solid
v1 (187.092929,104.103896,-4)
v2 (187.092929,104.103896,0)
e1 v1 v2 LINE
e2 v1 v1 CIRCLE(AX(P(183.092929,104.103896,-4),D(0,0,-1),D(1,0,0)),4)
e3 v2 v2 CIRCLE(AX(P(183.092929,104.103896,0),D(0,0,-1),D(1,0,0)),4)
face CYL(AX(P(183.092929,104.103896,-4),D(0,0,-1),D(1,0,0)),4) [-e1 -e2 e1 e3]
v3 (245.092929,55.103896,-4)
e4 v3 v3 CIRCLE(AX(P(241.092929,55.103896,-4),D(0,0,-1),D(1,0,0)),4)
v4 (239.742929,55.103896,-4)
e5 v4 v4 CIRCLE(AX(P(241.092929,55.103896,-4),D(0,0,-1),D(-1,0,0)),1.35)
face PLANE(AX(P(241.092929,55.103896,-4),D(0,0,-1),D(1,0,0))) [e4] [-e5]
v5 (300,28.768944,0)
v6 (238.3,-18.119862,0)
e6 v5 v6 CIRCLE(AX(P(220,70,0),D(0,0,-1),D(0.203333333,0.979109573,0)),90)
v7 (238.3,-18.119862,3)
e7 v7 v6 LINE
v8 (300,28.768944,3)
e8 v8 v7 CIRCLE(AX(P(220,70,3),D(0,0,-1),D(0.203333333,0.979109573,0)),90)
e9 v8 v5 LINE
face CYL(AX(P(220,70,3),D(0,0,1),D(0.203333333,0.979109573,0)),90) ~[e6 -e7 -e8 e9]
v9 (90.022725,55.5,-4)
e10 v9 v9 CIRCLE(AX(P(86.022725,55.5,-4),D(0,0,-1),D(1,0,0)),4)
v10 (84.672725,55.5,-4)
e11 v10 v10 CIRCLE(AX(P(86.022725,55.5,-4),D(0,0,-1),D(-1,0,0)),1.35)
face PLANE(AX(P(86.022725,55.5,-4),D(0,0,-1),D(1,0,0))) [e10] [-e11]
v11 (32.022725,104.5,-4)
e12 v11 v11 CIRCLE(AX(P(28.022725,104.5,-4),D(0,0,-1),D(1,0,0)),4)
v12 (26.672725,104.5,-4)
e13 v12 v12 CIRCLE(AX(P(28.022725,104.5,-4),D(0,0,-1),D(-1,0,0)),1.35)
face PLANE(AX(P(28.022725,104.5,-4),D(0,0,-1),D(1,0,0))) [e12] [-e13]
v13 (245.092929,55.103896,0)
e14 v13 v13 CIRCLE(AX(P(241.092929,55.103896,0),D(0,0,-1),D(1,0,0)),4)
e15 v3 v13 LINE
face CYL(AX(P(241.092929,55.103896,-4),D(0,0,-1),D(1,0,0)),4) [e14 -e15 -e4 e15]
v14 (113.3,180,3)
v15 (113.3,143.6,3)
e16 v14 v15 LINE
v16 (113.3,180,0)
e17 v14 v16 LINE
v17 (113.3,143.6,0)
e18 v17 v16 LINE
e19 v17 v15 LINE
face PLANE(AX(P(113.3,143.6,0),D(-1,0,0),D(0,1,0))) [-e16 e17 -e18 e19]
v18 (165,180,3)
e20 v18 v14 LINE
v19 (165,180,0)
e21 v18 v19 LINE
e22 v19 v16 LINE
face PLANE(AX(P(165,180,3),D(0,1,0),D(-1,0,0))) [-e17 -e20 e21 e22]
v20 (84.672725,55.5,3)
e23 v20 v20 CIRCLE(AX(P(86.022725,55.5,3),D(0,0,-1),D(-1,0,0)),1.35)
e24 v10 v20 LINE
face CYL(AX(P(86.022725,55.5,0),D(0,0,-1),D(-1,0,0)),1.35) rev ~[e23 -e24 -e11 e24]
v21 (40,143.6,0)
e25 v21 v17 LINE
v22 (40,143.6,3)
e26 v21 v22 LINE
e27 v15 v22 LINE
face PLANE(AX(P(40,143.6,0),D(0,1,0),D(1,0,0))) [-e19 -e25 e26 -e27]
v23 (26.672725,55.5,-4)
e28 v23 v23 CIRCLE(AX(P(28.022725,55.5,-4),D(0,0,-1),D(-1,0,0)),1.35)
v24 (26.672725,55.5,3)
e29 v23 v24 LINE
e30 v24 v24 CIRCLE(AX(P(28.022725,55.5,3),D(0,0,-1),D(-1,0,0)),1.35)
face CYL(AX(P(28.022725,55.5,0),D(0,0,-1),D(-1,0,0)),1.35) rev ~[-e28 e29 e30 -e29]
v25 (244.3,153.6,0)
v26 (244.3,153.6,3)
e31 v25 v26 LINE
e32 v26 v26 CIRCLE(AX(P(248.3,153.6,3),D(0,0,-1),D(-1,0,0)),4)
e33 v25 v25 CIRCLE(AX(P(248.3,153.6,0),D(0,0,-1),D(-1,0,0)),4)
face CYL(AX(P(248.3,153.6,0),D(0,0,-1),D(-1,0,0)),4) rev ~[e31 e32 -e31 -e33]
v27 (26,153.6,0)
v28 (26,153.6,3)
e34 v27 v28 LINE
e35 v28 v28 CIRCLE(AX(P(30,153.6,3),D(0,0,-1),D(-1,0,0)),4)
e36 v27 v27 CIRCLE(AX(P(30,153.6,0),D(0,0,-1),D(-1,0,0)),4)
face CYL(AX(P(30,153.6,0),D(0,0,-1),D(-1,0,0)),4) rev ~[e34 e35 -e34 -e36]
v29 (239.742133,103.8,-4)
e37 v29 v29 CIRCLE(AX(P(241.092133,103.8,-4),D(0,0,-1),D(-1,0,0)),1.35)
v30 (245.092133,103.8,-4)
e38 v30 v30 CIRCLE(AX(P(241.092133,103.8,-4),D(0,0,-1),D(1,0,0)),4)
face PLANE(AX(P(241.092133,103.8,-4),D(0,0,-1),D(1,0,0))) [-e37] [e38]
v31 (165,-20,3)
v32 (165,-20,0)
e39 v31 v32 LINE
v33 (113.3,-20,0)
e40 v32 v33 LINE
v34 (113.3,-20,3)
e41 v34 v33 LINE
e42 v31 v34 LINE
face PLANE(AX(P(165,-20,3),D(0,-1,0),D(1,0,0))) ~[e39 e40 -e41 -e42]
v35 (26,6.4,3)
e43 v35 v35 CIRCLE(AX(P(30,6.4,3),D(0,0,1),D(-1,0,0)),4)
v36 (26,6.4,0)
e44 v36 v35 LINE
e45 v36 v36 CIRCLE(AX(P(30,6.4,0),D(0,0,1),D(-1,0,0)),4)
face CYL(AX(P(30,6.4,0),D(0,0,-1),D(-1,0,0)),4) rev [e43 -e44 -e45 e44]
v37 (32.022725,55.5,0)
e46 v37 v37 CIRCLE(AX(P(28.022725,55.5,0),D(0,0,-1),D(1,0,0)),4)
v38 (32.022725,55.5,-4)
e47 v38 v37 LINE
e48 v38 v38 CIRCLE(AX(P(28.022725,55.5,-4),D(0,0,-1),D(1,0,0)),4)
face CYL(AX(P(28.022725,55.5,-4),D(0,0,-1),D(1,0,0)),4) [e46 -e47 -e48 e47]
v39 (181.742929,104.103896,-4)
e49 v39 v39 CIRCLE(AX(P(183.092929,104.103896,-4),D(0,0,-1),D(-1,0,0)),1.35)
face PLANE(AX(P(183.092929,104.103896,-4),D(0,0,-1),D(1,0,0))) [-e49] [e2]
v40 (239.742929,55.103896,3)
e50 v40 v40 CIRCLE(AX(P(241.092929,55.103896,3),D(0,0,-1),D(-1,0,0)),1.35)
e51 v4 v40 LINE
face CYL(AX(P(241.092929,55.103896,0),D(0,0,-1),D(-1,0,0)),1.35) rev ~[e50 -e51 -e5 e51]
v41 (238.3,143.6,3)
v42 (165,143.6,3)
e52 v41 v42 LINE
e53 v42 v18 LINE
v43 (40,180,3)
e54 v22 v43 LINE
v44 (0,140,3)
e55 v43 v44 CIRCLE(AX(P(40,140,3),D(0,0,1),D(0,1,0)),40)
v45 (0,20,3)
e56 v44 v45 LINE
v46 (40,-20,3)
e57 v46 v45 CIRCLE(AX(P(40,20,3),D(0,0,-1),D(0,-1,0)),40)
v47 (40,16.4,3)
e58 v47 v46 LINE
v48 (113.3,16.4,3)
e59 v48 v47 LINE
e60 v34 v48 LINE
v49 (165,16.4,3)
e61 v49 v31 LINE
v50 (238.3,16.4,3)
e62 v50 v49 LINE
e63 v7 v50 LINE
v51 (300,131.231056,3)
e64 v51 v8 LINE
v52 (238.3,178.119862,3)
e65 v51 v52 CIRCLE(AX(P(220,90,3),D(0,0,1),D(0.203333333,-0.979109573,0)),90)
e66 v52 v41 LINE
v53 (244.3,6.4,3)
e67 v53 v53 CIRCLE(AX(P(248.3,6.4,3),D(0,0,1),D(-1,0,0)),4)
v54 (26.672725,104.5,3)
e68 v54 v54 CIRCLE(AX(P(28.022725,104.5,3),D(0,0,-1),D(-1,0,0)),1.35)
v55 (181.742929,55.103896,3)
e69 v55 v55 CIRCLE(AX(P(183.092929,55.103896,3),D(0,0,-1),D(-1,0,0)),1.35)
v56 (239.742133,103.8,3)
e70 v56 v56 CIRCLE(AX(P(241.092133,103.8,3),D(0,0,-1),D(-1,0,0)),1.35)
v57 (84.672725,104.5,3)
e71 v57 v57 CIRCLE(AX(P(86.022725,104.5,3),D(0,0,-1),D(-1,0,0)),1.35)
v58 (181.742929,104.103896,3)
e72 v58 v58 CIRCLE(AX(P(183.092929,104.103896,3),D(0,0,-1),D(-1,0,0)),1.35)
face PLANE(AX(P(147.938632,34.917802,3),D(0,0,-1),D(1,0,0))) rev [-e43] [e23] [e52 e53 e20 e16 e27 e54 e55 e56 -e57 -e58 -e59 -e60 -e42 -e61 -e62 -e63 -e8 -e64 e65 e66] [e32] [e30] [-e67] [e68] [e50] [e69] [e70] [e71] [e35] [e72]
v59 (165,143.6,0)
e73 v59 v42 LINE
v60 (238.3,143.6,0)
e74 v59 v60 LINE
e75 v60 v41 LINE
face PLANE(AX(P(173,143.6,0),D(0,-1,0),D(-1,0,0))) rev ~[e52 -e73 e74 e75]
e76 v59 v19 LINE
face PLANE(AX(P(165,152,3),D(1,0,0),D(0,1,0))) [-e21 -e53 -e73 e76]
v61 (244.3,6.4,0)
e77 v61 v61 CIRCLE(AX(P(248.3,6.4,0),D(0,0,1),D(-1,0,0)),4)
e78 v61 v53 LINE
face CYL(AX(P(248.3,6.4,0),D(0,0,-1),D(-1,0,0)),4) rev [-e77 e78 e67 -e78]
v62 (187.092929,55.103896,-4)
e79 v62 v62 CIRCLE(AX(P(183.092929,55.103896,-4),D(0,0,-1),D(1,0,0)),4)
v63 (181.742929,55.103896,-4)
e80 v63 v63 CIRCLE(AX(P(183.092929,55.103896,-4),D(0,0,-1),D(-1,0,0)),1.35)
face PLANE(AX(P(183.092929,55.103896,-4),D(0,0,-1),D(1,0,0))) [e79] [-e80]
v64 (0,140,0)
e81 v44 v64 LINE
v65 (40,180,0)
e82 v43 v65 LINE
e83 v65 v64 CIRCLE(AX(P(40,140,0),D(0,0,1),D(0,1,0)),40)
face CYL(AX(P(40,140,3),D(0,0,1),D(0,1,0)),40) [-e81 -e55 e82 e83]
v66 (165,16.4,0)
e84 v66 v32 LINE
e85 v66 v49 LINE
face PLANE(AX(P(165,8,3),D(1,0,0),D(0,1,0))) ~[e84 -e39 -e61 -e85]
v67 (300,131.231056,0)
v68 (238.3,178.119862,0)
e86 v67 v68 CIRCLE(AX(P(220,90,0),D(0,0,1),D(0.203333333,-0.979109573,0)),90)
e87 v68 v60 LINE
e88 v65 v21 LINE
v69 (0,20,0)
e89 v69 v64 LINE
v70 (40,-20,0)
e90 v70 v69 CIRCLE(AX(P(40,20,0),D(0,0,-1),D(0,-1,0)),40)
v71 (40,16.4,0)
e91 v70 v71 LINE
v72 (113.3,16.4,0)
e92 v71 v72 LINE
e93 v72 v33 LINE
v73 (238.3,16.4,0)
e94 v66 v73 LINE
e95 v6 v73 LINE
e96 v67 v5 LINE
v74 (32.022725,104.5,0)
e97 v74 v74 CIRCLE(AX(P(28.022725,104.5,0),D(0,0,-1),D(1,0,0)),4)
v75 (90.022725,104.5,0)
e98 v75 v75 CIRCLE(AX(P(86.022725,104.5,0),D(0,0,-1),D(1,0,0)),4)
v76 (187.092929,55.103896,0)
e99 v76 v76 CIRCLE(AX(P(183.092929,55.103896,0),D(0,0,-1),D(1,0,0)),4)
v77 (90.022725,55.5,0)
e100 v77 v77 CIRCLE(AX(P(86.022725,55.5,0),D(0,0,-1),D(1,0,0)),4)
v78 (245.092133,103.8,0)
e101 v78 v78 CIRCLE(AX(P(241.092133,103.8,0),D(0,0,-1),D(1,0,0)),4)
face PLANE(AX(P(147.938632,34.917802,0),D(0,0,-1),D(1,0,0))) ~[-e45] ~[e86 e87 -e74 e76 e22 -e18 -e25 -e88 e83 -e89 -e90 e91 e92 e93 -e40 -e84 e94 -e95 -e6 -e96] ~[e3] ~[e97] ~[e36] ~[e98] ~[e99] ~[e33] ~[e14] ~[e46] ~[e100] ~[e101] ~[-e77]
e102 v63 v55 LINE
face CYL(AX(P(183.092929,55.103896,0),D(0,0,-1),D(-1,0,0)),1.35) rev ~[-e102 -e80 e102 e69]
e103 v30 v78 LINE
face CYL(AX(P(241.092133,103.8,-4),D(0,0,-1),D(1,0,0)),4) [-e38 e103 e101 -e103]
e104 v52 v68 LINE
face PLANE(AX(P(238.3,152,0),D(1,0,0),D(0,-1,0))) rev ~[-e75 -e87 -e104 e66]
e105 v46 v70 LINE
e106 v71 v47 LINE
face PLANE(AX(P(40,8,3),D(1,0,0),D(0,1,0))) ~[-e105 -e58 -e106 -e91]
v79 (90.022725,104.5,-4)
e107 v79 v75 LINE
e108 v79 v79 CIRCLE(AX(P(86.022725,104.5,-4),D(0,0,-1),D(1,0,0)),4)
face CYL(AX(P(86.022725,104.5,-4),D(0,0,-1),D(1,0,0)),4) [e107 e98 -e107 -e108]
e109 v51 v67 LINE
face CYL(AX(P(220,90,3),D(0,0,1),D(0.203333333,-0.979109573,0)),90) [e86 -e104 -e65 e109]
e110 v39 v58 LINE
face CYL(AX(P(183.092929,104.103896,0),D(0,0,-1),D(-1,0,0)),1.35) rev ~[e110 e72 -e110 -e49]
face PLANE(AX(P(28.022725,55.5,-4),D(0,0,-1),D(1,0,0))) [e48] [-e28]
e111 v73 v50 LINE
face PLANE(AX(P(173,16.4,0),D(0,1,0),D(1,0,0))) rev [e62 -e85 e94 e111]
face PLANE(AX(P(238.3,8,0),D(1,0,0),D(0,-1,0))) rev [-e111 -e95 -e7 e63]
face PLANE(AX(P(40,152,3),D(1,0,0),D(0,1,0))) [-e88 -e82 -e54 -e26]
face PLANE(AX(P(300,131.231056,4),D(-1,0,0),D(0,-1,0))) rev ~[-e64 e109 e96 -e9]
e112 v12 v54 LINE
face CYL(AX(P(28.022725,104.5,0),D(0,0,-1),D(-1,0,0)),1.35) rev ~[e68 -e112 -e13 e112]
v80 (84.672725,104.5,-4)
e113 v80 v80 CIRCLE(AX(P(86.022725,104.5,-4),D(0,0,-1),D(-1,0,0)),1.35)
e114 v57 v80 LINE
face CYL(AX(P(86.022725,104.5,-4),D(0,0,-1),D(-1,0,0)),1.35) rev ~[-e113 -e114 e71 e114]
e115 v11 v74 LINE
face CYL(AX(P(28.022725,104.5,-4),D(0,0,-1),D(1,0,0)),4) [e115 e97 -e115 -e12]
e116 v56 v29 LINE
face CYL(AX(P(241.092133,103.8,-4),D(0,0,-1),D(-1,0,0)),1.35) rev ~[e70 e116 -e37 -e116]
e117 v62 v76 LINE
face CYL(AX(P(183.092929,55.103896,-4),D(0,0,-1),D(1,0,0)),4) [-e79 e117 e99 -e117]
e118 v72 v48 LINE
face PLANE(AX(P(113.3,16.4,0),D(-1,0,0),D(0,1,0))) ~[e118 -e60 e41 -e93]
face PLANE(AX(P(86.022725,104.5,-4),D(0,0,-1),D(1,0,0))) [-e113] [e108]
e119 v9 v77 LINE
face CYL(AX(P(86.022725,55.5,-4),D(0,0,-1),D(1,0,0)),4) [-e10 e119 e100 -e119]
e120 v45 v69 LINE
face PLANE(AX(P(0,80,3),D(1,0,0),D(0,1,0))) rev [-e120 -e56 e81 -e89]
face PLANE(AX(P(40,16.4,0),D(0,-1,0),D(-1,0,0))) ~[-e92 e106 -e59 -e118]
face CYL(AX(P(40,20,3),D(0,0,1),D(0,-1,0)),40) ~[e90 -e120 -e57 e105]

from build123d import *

# Parameters (mm, degrees)
SKETCH_1_R          = 2
SKETCH_1_W          = 15
SKETCH_1_H          = 3
EXTRUDE_1_DEPTH     = 3
CUT_EXTRUDE_1_REACH = 360.482
SKETCH_2_W          = 15
SKETCH_2_H          = 3
SKETCH_3_R          = 2
EXTRUDE_2_DEPTH     = 3
SKETCH_4_W          = 15
SKETCH_4_H          = 3
CUT_EXTRUDE_2_DEPTH = 10
EXTRUDE_START       = -3
EXTRUDE_3_DEPTH     = 3
SKETCH_10_R         = 4
CUT_EXTRUDE_3_DEPTH = 3
SKETCH_11_R         = 1.35
CUT_EXTRUDE_4_DEPTH = 3
EXTRUDE_START_2     = 4
SKETCH_12_R         = 4
SKETCH_12_R_2       = 1.35
EXTRUDE_4_DEPTH     = 4
SKETCH_13_R         = 1.35
CUT_EXTRUDE_5_DEPTH = 3
SKETCH_14_R         = 4
SKETCH_14_R_2       = 1.35
EXTRUDE_5_DEPTH     = 4
CUT_EXTRUDE_START   = -4
CUT_EXTRUDE_6_DEPTH = 4


with BuildPart() as part:
    # 草图1 → 凸台-拉伸1 (new body)
    with BuildSketch(Plane.XY.offset(3)):
        with BuildLine():
            Line((165, 0), (165, 28))
            Line((165, 28), (173, 28))
            Line((173, 28), (173, 31.7))
            Line((173, 31.7), (188, 31.7))
            Line((188, 31.7), (188, 28))
            Line((188, 28), (238.3, 28))
            Line((238.3, 28), (238.3, 1.880138448))
            ThreePointArc((238.3, 1.880138448), (310, 90), (238.3, 178.119861552))
            Line((238.3, 178.119861552), (238.3, 152))
            Line((238.3, 152), (188, 152))
            Line((188, 152), (188, 148.3))
            Line((188, 148.3), (173, 148.3))
            Line((173, 148.3), (173, 152))
            Line((173, 152), (165, 152))
            Line((165, 152), (165, 180))
            Line((165, 180), (113.3, 180))
            Line((113.3, 180), (113.3, 152))
            Line((113.3, 152), (63, 152))
            Line((63, 152), (63, 148.3))
            Line((63, 148.3), (48, 148.3))
            Line((48, 148.3), (48, 152))
            Line((48, 152), (40, 152))
            Line((40, 152), (40, 180))
            ThreePointArc((40, 180), (11.715728753, 168.284271247), (0, 140))
            Line((0, 140), (0, 40))
            ThreePointArc((0, 40), (11.715728753, 11.715728753), (40, 0))
            Line((40, 0), (40, 28))
            Line((40, 28), (48, 28))
            Line((48, 28), (48, 31.7))
            Line((48, 31.7), (63, 31.7))
            Line((63, 31.7), (63, 28))
            Line((63, 28), (113.3, 28))
            Line((113.3, 28), (113.3, 0))
            Line((113.3, 0), (165, 0))
        make_face()
        with Locations(Location((233.9, 84.9, 0), (0, 0, 180))):
            Circle(SKETCH_1_R, mode=Mode.SUBTRACT)
        with Locations(Location((186.1, 84.9, 0), (0, 0, 180))):
            Circle(SKETCH_1_R, mode=Mode.SUBTRACT)
        with Locations(Location((28, 166, 0), (0, 0, 180))):
            Circle(SKETCH_1_R, mode=Mode.SUBTRACT)
        with Locations(Location((28, 14, 0), (0, 0, 180))):
            Circle(SKETCH_1_R, mode=Mode.SUBTRACT)
        with Locations(Location((248.3, 165.059930776, 0), (0, 0, 180))):
            Circle(SKETCH_1_R, mode=Mode.SUBTRACT)
        with Locations(Location((248.3, 14.940069224, 0), (0, 0, 180))):
            Circle(SKETCH_1_R, mode=Mode.SUBTRACT)
        with Locations(Location((139.15, 14, 0), (0, 0, 180))):
            Circle(SKETCH_1_R, mode=Mode.SUBTRACT)
        with Locations(Location((139.15, 166, 0), (0, 0, 180))):
            Circle(SKETCH_1_R, mode=Mode.SUBTRACT)
        with Locations((55.5, 52)):
            Rectangle(SKETCH_1_W, SKETCH_1_H, mode=Mode.SUBTRACT)
        with Locations((180.5, 52)):
            Rectangle(SKETCH_1_W, SKETCH_1_H, mode=Mode.SUBTRACT)
        with Locations((180.5, 128)):
            Rectangle(SKETCH_1_W, SKETCH_1_H, mode=Mode.SUBTRACT)
        with Locations((55.5, 128)):
            Rectangle(SKETCH_1_W, SKETCH_1_H, mode=Mode.SUBTRACT)
    extrude(amount=-EXTRUDE_1_DEPTH)

    # 草图2 → 切除-拉伸1 (cut, up to next)
    with BuildSketch(Plane(origin=(0, 0, 0), x_dir=(-1, 0, 0), z_dir=(0, 0, -1)), mode=Mode.PRIVATE) as cut_extrude_1_sk1:
        with Locations((-55.280073226, 119.6)):
            Rectangle(SKETCH_2_W, SKETCH_2_H)
    cut_extrude_1_tool1 = extrude(cut_extrude_1_sk1.sketch, amount=-CUT_EXTRUDE_1_REACH, mode=Mode.PRIVATE) & part.part
    # 草图2 → 切除-拉伸1 (cut, up to next)
    with BuildSketch(Plane(origin=(0, 0, 0), x_dir=(-1, 0, 0), z_dir=(0, 0, -1)), mode=Mode.PRIVATE) as cut_extrude_1_sk2:
        Polygon((-48, 152), (-40, 152), (-40, 143.6), (-48, 143.6), (-48, 139.9), (-63, 139.9), (-63, 143.6), (-113.3, 143.6), (-113.3, 152), (-63, 152), (-63, 148.3), (-48, 148.3), align=None)
    cut_extrude_1_tool2 = extrude(cut_extrude_1_sk2.sketch, amount=-CUT_EXTRUDE_1_REACH, mode=Mode.PRIVATE) & part.part
    add(cut_extrude_1_tool1.solids().sort_by_distance((55.280073, 119.6, 0))[0], mode=Mode.SUBTRACT)
    add(cut_extrude_1_tool2.solids().sort_by_distance((76.65, 147.042838, 0))[0], mode=Mode.SUBTRACT)

    # 草图3 → 凸台-拉伸2 (add)
    with BuildSketch(Plane.XY.offset(3)):
        with Locations((186.1, 84.9)):
            Circle(SKETCH_3_R)
        with Locations((233.9, 84.9)):
            Circle(SKETCH_3_R)
    extrude(amount=-EXTRUDE_2_DEPTH)

    # 草图4 → 切除-拉伸2 (cut)
    with BuildSketch(Plane(origin=(0, 0, 0), x_dir=(-1, 0, 0), z_dir=(0, 0, -1))):
        with Locations((-180.685567248, 119.6)):
            Rectangle(SKETCH_4_W, SKETCH_4_H)
        Polygon((-238.3, 143.6), (-188, 143.6), (-188, 139.9), (-173, 139.9), (-173, 143.6), (-165, 143.6), (-165, 152), (-173, 152), (-173, 148.3), (-188, 148.3), (-188, 152), (-238.3, 152), align=None)
    extrude(amount=-CUT_EXTRUDE_2_DEPTH, mode=Mode.SUBTRACT)

    # Split Bodies 4
    split(bisect_by=Plane.ZX.offset(90), keep=Keep.TOP)

    # 草图9 → 凸台-拉伸3 (add)
    with BuildSketch(Plane(origin=(0, 0, 0), x_dir=(-1, 0, 0), z_dir=(0, 0, -1)).offset(EXTRUDE_START)):
        with BuildLine():
            Line((-310, 80), (0, 80))
            Line((0, 80), (0, 140))
            ThreePointArc((0, 140), (-11.715728753, 168.284271247), (-40, 180))
            Line((-40, 180), (-40, 143.6))
            Line((-40, 143.6), (-113.3, 143.6))
            Line((-113.3, 143.6), (-113.3, 180))
            Line((-113.3, 180), (-165, 180))
            Line((-165, 180), (-165, 143.6))
            Line((-165, 143.6), (-238.3, 143.6))
            Line((-238.3, 143.6), (-238.3, 178.119861552))
            ThreePointArc((-238.3, 178.119861552), (-289.810457669, 146.802288686), (-310, 90))
            Line((-310, 90), (-310, 80))
        make_face()
    extrude(amount=EXTRUDE_3_DEPTH)

    # 草图10 → 切除-拉伸3 (cut)
    with BuildSketch(Plane(origin=(0, 0, 0), x_dir=(-1, 0, 0), z_dir=(0, 0, -1))):
        with Locations((-248.3, 153.6)):
            Circle(SKETCH_10_R)
        with Locations((-30, 153.6)):
            Circle(SKETCH_10_R)
    extrude(amount=-CUT_EXTRUDE_3_DEPTH, mode=Mode.SUBTRACT)

    # 镜向2: part across plane


with BuildPart() as part_1:
    add(part.part)
    add(part.part.mirror(Plane(origin=(310, 80, 328.729949498), x_dir=(0, 0, 1), z_dir=(0, -1, 0))))

    # 草图11 → 切除-拉伸4 (cut)
    with BuildSketch(Plane(origin=(0, 0, 0), x_dir=(-1, 0, 0), z_dir=(0, 0, -1))):
        with Locations((-86.022725282, 104.5)):
            Circle(SKETCH_11_R)
        with Locations((-86.022725282, 55.5)):
            Circle(SKETCH_11_R)
        with Locations((-28.022725282, 104.5)):
            Circle(SKETCH_11_R)
        with Locations((-28.022725282, 55.5)):
            Circle(SKETCH_11_R)
    extrude(amount=-CUT_EXTRUDE_4_DEPTH, mode=Mode.SUBTRACT)

    # 草图12 → 凸台-拉伸4 (add)
    # profile 1 of 4: a face of its own
    with BuildSketch(Plane(origin=(0, 0, 0), x_dir=(-1, 0, 0), z_dir=(0, 0, -1)).offset(EXTRUDE_START_2)):
        with Locations(Location((-86.022725282, 104.5, 0), (0, 0, 180))):
            Circle(SKETCH_12_R)
        with Locations((-86.022725282, 104.5)):
            Circle(SKETCH_12_R_2, mode=Mode.SUBTRACT)
    # profile 2 of 4: a face of its own
    with BuildSketch(Plane(origin=(0, 0, 0), x_dir=(-1, 0, 0), z_dir=(0, 0, -1)).offset(EXTRUDE_START_2)):
        with Locations(Location((-28.022725282, 104.5, 0), (0, 0, 180))):
            Circle(SKETCH_12_R)
        with Locations((-28.022725282, 104.5)):
            Circle(SKETCH_12_R_2, mode=Mode.SUBTRACT)
    # profile 3 of 4: a face of its own
    with BuildSketch(Plane(origin=(0, 0, 0), x_dir=(-1, 0, 0), z_dir=(0, 0, -1)).offset(EXTRUDE_START_2)):
        with Locations(Location((-28.022725282, 55.5, 0), (0, 0, 180))):
            Circle(SKETCH_12_R)
        with Locations((-28.022725282, 55.5)):
            Circle(SKETCH_12_R_2, mode=Mode.SUBTRACT)
    # profile 4 of 4: a face of its own
    with BuildSketch(Plane(origin=(0, 0, 0), x_dir=(-1, 0, 0), z_dir=(0, 0, -1)).offset(EXTRUDE_START_2)):
        with Locations(Location((-86.022725282, 55.5, 0), (0, 0, 180))):
            Circle(SKETCH_12_R)
        with Locations((-86.022725282, 55.5)):
            Circle(SKETCH_12_R_2, mode=Mode.SUBTRACT)
    extrude(amount=-EXTRUDE_4_DEPTH)

    # 草图13 → 切除-拉伸5 (cut)
    with BuildSketch(Plane(origin=(0, 0, 0), x_dir=(-1, 0, 0), z_dir=(0, 0, -1))):
        with Locations((-183.092928671, 55.103896104)):
            Circle(SKETCH_13_R)
        with Locations((-183.092928671, 104.103896104)):
            Circle(SKETCH_13_R)
        with Locations((-241.09213252, 103.8)):
            Circle(SKETCH_13_R)
        with Locations((-241.092928671, 55.103896104)):
            Circle(SKETCH_13_R)
    extrude(amount=-CUT_EXTRUDE_5_DEPTH, mode=Mode.SUBTRACT)

    # 草图14 → 凸台-拉伸5 (add)
    # profile 1 of 4: a face of its own
    with BuildSketch(Plane(origin=(0, 0, 0), x_dir=(-1, 0, 0), z_dir=(0, 0, -1)).offset(EXTRUDE_START_2)):
        with Locations(Location((-241.09213252, 103.8, 0), (0, 0, 180))):
            Circle(SKETCH_14_R)
        with Locations((-241.09213252, 103.8)):
            Circle(SKETCH_14_R_2, mode=Mode.SUBTRACT)
    # profile 2 of 4: a face of its own
    with BuildSketch(Plane(origin=(0, 0, 0), x_dir=(-1, 0, 0), z_dir=(0, 0, -1)).offset(EXTRUDE_START_2)):
        with Locations(Location((-183.092928671, 104.103896104, 0), (0, 0, 180))):
            Circle(SKETCH_14_R)
        with Locations((-183.092928671, 104.103896104)):
            Circle(SKETCH_14_R_2, mode=Mode.SUBTRACT)
    # profile 3 of 4: a face of its own
    with BuildSketch(Plane(origin=(0, 0, 0), x_dir=(-1, 0, 0), z_dir=(0, 0, -1)).offset(EXTRUDE_START_2)):
        with Locations(Location((-241.092928671, 55.103896104, 0), (0, 0, 180))):
            Circle(SKETCH_14_R)
        with Locations((-241.092928671, 55.103896104)):
            Circle(SKETCH_14_R_2, mode=Mode.SUBTRACT)
    # profile 4 of 4: a face of its own
    with BuildSketch(Plane(origin=(0, 0, 0), x_dir=(-1, 0, 0), z_dir=(0, 0, -1)).offset(EXTRUDE_START_2)):
        with Locations(Location((-183.092928671, 55.103896104, 0), (0, 0, 180))):
            Circle(SKETCH_14_R)
        with Locations((-183.092928671, 55.103896104)):
            Circle(SKETCH_14_R_2, mode=Mode.SUBTRACT)
    extrude(amount=-EXTRUDE_5_DEPTH)

    # 草图15 → 切除-拉伸6 (cut)
    with BuildSketch(Plane(origin=(0, 0, 0), x_dir=(-1, 0, 0), z_dir=(0, 0, -1)).offset(CUT_EXTRUDE_START)):
        with BuildLine():
            Line((-300, 131.231056256), (-300, 28.768943744))
            ThreePointArc((-300, 28.768943744), (-307.464278423, 48.786796564), (-310, 70))
            Line((-310, 70), (-310, 90))
            ThreePointArc((-310, 90), (-307.464278423, 111.213203436), (-300, 131.231056256))
        make_face()
    extrude(amount=CUT_EXTRUDE_6_DEPTH, mode=Mode.SUBTRACT)


solid = part_1.part
